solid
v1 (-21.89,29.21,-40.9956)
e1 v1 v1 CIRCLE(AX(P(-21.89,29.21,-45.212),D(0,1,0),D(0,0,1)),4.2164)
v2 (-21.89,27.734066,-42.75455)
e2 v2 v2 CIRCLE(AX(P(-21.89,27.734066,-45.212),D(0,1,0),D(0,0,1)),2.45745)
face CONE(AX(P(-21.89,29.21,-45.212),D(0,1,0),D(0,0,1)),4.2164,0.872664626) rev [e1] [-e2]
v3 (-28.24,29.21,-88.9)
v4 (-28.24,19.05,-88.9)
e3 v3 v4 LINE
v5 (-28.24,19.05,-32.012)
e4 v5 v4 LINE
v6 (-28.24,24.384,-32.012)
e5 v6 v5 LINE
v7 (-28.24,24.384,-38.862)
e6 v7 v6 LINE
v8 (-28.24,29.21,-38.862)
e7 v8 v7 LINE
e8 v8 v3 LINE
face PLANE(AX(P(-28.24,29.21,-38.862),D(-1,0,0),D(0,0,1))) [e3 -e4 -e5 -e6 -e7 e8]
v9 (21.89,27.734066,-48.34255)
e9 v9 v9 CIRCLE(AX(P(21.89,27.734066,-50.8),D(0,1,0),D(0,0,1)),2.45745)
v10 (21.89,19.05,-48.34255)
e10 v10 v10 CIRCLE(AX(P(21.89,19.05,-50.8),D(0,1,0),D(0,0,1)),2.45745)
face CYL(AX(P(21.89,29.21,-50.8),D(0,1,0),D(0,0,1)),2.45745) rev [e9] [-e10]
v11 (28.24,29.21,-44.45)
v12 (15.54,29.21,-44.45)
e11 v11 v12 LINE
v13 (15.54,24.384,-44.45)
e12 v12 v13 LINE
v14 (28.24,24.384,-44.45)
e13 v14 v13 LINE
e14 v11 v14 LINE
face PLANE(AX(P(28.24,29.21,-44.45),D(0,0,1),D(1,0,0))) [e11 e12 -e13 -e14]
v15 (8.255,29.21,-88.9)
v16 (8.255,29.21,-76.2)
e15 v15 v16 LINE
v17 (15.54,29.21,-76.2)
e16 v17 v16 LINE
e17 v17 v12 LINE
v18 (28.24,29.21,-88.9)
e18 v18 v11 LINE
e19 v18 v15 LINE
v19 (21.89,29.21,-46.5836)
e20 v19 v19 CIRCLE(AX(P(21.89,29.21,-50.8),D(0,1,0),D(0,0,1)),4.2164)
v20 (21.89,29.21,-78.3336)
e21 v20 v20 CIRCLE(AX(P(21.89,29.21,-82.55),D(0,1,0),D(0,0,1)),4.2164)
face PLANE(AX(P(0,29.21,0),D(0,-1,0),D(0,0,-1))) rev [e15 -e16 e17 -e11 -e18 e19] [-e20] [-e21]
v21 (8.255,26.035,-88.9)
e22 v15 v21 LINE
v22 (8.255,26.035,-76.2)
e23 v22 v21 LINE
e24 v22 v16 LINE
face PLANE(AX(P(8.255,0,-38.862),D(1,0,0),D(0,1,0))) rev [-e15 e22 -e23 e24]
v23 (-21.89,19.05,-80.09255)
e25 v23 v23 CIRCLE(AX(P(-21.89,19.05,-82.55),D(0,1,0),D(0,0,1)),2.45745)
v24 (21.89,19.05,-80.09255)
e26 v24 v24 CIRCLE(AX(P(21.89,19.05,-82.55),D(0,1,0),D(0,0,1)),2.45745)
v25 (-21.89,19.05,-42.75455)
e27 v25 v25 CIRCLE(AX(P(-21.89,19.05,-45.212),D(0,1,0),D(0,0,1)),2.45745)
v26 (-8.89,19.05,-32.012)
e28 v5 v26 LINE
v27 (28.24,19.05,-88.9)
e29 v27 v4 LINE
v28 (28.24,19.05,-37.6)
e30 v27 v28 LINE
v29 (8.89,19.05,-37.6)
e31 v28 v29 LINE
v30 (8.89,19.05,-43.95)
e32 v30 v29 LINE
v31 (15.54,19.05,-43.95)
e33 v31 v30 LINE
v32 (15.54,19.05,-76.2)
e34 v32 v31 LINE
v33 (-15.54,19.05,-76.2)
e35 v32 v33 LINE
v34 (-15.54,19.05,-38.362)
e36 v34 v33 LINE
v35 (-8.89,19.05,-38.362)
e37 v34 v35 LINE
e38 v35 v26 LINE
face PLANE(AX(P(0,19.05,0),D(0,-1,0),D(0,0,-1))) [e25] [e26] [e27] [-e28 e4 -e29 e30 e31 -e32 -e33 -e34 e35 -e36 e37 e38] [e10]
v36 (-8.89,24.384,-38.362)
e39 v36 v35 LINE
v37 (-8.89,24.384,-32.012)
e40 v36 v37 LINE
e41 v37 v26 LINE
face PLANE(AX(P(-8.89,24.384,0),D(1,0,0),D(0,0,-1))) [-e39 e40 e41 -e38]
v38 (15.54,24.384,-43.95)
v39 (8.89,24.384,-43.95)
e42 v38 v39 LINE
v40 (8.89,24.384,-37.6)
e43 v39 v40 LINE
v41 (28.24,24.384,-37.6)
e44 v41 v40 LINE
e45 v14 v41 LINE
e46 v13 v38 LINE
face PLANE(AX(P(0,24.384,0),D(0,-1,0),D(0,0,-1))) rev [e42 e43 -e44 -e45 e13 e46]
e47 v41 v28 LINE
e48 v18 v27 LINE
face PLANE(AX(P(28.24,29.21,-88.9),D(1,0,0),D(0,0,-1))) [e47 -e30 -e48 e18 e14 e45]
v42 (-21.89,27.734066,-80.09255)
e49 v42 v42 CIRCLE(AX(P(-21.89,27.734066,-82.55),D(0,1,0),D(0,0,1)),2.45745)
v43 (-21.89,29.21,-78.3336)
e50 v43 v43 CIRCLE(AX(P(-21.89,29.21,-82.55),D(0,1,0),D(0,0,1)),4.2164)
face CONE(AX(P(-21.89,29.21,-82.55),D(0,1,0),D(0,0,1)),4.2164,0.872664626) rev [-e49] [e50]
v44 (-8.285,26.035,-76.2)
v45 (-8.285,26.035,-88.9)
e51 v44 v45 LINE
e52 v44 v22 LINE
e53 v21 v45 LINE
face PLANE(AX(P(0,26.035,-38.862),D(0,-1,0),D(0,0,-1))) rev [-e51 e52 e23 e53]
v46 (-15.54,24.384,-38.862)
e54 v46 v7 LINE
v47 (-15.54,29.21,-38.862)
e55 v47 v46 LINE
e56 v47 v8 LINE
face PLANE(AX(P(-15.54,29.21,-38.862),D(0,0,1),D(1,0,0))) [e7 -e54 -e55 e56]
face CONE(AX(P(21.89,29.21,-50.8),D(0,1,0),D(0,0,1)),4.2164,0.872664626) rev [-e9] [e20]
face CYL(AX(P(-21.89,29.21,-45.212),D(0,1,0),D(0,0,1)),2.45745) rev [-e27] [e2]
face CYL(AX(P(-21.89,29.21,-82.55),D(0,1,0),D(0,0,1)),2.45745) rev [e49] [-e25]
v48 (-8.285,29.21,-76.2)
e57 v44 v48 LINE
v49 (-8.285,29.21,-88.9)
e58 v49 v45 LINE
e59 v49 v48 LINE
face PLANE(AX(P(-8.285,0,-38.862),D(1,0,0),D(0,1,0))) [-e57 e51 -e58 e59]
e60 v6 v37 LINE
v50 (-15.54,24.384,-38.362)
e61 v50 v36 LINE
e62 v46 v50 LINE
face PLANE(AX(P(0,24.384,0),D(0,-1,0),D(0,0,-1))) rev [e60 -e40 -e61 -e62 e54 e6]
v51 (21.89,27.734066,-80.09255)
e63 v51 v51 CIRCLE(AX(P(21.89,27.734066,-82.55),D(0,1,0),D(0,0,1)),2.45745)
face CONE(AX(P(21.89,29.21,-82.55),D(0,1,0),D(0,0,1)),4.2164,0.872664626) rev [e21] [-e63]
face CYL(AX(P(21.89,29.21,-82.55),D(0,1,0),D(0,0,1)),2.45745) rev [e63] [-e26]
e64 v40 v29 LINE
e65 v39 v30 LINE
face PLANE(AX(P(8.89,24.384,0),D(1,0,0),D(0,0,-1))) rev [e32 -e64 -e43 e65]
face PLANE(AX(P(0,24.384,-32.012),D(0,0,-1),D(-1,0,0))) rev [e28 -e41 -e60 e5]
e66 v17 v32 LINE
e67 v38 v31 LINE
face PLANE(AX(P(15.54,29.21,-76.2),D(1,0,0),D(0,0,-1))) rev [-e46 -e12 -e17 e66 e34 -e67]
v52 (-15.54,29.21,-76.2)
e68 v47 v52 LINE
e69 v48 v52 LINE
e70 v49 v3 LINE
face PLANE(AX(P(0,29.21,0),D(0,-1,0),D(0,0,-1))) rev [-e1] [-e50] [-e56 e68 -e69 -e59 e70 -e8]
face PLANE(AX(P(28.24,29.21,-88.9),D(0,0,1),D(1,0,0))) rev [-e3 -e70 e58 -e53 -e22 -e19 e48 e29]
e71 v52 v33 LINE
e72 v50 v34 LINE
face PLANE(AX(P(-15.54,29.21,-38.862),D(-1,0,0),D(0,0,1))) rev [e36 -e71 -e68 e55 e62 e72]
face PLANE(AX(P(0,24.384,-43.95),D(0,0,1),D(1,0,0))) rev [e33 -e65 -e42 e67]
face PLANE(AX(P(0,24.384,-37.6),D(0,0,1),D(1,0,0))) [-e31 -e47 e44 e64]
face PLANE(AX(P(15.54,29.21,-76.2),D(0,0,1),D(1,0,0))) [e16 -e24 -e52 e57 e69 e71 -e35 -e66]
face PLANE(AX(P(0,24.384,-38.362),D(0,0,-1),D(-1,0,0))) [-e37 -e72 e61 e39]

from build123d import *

# Parameters (mm, degrees)
BOSS_EXTRUDE1_DEPTH                               = 10.16
CSK_FOR_8_FLAT_HEAD_MACHINE_SCREW_100_D           = 4.9149
CSK_FOR_8_FLAT_HEAD_MACHINE_SCREW_100_CSINK_D     = 8.4328
CSK_FOR_8_FLAT_HEAD_MACHINE_SCREW_100_CSINK_ANGLE = 100
SKETCH5_W                                         = 16.54
SKETCH5_H                                         = 3.175
CUT_EXTRUDE1_DEPTH                                = 51.038
SKETCH6_W                                         = 12.7
SKETCH6_H                                         = 0.5
BOSS_EXTRUDE2_DEPTH                               = 5.334


with BuildPart() as part:
    # Sketch1 → Boss-Extrude1 (new body)
    with BuildSketch(Plane(origin=(0, 19.05, 0), x_dir=(1, 0, 0), z_dir=(0, 1, 0))):
        Polygon((15.54, 76.2), (15.54, 44.45), (28.24, 44.45), (28.24, 88.9), (-28.24, 88.9), (-28.24, 38.862), (-15.54, 38.862), (-15.54, 76.2), align=None)
    extrude(amount=BOSS_EXTRUDE1_DEPTH)

    # CSK for #8 Flat Head Machine Screw (100)1 (through all)
    with Locations(Plane(origin=(0, 29.21, 0), x_dir=(1, 0, 0), z_dir=(0, 1, 0))):
        with Locations((-21.89, 82.55), (21.89, 82.55), (-21.89, 45.212), (21.89, 50.8)):
            CounterSinkHole(CSK_FOR_8_FLAT_HEAD_MACHINE_SCREW_100_D / 2, CSK_FOR_8_FLAT_HEAD_MACHINE_SCREW_100_CSINK_D / 2, counter_sink_angle=CSK_FOR_8_FLAT_HEAD_MACHINE_SCREW_100_CSINK_ANGLE)

    # Sketch5 → Cut-Extrude1 (cut, through all)
    with BuildSketch(Plane(origin=(0, 0, -88.9), x_dir=(-1, 0, 0), z_dir=(0, 0, -1))):
        with Locations((0.015, 27.6225)):
            Rectangle(SKETCH5_W, SKETCH5_H)
    extrude(amount=-CUT_EXTRUDE1_DEPTH, mode=Mode.SUBTRACT)

    # Sketch6 → Boss-Extrude2 (add)
    with BuildSketch(Plane.XZ.offset(-19.05)):
        with Locations((-21.89, -38.612)):
            Rectangle(SKETCH6_W, SKETCH6_H)
        Polygon((-28.24, -32.012), (-28.24, -38.362), (-15.54, -38.362), (-8.89, -38.362), (-8.89, -32.012), align=None)
        with Locations((21.89, -44.2)):
            Rectangle(SKETCH6_W, SKETCH6_H)
        Polygon((8.89, -43.95), (15.54, -43.95), (28.24, -43.95), (28.24, -37.6), (8.89, -37.6), align=None)
    extrude(amount=-BOSS_EXTRUDE2_DEPTH)


solid = part.part
